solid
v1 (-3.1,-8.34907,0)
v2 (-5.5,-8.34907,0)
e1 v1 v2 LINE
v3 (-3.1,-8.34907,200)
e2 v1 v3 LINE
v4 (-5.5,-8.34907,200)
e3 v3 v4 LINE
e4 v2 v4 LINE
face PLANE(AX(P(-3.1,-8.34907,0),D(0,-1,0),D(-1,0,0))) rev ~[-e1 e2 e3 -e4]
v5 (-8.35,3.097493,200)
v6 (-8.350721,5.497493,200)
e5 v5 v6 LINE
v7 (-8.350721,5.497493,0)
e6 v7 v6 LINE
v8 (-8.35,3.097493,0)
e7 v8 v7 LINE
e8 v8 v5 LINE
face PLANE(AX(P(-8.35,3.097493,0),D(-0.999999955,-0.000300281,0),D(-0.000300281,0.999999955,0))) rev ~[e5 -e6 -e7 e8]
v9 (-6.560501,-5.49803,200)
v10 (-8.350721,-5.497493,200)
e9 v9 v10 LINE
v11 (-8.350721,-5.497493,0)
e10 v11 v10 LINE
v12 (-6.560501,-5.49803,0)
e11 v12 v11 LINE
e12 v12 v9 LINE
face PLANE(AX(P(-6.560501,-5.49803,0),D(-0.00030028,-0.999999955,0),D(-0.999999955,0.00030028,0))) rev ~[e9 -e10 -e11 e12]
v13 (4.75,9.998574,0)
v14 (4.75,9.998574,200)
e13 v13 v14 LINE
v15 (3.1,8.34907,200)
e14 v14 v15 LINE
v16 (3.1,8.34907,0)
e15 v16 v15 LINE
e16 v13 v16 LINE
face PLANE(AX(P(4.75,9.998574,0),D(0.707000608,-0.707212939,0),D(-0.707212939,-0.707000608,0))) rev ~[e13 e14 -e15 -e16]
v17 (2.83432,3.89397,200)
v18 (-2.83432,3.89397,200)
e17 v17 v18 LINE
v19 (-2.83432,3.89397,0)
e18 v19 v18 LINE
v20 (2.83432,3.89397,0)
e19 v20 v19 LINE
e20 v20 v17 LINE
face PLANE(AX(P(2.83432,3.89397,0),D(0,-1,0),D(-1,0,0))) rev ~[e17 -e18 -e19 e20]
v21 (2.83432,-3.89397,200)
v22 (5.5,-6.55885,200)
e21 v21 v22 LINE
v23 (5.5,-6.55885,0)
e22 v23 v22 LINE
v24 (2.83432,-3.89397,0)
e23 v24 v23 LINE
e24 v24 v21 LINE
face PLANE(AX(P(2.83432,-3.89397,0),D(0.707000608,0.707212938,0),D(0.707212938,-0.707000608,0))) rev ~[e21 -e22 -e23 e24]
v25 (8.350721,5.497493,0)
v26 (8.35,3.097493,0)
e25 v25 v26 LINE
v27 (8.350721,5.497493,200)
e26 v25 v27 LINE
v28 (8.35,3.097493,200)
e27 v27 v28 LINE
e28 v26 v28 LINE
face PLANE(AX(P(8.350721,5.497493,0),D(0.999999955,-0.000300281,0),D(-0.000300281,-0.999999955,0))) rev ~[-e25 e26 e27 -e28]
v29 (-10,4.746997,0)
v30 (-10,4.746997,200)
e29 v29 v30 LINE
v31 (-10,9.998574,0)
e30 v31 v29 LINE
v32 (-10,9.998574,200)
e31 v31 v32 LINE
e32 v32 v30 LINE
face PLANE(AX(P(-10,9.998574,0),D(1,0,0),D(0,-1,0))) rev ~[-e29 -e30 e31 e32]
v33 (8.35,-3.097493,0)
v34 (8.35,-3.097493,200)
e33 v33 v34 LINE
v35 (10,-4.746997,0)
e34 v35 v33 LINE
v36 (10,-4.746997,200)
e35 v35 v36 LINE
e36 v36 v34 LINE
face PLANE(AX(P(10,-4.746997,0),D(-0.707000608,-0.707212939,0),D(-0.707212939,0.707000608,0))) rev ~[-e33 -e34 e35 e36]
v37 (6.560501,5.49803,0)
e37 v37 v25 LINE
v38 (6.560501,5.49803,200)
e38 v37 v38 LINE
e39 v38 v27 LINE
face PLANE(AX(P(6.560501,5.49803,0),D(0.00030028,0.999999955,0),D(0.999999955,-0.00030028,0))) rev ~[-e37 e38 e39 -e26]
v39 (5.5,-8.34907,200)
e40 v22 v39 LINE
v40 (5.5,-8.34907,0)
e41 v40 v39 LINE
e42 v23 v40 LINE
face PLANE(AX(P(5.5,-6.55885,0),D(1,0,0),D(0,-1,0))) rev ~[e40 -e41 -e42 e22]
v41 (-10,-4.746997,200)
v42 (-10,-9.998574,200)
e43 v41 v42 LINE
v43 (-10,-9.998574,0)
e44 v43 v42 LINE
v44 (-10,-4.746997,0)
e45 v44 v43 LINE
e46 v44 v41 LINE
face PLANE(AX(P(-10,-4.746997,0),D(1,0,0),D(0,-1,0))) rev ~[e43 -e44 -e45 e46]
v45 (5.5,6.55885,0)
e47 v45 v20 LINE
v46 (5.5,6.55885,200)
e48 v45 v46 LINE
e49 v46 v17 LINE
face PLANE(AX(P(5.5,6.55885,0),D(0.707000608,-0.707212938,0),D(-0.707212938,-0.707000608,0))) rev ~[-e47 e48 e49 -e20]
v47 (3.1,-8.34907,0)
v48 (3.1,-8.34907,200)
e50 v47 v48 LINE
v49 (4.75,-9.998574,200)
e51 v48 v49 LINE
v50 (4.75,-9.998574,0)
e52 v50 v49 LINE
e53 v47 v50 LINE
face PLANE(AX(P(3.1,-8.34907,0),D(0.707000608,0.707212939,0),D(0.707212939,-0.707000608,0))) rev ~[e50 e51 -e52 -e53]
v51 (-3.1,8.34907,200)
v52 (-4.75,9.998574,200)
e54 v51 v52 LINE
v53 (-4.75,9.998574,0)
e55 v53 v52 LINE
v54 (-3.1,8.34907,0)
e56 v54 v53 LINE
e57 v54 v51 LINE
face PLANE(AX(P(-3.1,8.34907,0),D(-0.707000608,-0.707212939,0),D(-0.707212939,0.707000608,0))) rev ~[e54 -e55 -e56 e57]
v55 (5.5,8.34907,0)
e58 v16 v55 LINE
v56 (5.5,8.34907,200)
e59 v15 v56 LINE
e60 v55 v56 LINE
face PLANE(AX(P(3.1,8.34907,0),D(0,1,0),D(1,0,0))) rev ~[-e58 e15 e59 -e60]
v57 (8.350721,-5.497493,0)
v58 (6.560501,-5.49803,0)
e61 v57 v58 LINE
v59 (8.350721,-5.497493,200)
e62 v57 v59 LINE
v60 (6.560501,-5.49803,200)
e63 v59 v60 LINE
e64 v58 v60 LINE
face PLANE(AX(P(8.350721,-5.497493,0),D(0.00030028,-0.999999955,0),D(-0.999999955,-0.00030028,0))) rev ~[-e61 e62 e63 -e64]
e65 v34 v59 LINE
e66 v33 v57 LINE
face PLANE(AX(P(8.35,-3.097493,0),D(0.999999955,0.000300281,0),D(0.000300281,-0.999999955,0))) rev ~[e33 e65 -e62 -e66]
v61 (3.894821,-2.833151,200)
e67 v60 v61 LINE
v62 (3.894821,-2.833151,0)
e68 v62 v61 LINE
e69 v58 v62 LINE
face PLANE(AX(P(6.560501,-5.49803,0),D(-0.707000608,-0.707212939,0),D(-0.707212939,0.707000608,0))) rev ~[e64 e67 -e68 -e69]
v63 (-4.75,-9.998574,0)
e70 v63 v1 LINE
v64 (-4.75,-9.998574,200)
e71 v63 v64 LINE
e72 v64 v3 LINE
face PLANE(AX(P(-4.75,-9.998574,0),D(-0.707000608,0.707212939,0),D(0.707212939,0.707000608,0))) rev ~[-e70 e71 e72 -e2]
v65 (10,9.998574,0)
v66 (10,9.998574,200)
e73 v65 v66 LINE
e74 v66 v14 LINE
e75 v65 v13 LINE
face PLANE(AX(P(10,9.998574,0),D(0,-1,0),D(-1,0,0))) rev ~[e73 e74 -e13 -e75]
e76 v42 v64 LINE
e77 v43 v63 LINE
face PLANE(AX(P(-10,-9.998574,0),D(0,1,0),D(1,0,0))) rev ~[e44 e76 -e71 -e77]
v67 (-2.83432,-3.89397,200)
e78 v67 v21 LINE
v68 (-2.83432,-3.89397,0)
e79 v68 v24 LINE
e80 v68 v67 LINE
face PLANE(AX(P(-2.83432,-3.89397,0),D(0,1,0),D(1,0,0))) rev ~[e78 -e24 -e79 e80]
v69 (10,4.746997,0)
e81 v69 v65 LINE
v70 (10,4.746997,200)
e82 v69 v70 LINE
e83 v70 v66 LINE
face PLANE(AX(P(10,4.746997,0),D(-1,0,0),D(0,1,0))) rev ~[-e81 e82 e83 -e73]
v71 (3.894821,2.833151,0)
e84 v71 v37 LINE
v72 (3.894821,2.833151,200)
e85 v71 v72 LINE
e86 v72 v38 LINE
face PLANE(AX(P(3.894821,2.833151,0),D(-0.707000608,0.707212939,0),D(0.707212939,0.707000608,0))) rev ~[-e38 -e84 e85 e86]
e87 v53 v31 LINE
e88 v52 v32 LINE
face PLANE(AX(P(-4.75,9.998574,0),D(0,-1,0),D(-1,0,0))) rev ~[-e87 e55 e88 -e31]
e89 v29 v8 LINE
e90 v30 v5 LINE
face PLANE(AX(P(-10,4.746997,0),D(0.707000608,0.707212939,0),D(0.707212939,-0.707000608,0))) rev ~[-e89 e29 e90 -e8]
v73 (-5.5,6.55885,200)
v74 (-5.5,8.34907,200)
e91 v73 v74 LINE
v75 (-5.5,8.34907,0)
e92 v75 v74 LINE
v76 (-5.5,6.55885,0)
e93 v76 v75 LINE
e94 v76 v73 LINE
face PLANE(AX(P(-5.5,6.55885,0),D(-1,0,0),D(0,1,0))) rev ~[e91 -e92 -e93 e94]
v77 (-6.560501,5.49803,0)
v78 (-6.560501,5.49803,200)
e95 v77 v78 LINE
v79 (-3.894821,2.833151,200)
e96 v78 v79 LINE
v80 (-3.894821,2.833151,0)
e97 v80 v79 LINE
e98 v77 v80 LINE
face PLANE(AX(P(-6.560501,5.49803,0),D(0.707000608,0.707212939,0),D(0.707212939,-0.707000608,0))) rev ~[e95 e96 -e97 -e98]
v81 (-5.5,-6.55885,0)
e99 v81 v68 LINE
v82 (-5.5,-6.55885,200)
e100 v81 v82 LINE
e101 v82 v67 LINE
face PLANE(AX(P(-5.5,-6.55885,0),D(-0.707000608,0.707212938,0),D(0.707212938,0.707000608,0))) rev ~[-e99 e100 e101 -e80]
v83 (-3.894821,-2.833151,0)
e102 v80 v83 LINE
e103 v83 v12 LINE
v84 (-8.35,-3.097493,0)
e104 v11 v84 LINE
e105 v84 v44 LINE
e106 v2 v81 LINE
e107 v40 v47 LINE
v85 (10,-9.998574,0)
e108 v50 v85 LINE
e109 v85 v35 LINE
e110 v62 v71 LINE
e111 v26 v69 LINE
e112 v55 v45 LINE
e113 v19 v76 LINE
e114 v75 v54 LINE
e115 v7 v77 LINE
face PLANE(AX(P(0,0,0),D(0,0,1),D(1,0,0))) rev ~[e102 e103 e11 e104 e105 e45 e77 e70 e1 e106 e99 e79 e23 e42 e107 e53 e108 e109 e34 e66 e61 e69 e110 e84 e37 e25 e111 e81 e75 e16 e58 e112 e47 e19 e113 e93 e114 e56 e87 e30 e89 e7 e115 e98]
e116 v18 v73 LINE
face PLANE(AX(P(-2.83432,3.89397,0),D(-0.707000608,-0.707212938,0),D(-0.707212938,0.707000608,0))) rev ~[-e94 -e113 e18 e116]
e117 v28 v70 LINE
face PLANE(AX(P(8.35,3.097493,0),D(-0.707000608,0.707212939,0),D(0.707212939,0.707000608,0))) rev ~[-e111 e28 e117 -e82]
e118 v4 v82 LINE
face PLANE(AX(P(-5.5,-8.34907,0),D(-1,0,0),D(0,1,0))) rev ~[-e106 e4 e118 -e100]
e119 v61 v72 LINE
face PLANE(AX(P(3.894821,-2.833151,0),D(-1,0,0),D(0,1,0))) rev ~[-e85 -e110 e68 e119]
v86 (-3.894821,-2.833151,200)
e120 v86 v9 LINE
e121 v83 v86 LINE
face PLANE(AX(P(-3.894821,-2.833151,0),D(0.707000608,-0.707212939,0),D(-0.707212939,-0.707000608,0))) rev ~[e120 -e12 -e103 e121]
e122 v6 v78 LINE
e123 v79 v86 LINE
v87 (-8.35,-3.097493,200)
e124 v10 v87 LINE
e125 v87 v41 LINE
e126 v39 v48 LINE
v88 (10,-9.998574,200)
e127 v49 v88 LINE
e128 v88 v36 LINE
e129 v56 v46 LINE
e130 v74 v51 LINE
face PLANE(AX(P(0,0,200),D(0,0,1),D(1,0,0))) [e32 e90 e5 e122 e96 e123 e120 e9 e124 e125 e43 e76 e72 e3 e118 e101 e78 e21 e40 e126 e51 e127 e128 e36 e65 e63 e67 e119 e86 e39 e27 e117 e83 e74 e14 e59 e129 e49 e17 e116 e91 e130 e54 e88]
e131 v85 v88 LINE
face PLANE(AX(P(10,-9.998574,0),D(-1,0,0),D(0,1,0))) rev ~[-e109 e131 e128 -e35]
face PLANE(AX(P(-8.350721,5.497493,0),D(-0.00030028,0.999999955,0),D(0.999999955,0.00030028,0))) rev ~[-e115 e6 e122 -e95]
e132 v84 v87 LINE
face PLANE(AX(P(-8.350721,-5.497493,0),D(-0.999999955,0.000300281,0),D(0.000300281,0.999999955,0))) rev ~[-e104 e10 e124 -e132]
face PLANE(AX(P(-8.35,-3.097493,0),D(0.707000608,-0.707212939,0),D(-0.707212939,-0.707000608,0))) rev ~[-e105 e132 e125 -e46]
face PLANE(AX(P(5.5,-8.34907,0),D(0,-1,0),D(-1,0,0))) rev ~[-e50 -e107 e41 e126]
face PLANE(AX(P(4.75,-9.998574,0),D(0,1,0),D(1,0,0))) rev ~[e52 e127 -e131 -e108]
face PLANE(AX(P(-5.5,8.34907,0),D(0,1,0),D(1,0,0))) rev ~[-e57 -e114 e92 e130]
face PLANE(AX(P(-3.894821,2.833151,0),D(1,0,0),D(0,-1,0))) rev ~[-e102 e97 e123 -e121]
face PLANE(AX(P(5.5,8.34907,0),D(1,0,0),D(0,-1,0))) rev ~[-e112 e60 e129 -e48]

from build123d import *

# Parameters (mm, degrees)
BOSS_EXTRUDE1_DEPTH = 200


with BuildPart() as part:
    # Sketch1 → Boss-Extrude1 (new body)
    with BuildSketch(Plane.XY):
        Polygon((2.834320347, 3.893970342), (-2.834320347, 3.893970342), (-5.5, 6.558849663), (-5.5, 8.349069506), (-3.1, 8.349069506), (-4.75, 9.998574117), (-10, 9.998574117), (-10, 4.746997406), (-8.35, 3.097492795), (-8.350720674, 5.497492687), (-6.560500912, 5.498030255), (-3.894821259, 2.833150935), (-3.894821259, -2.833150935), (-6.560500912, -5.498030255), (-8.350720674, -5.497492687), (-8.35, -3.097492795), (-10, -4.746997406), (-10, -9.998574117), (-4.75, -9.998574117), (-3.1, -8.349069506), (-5.5, -8.349069506), (-5.5, -6.558849663), (-2.834320347, -3.893970342), (2.834320347, -3.893970342), (5.5, -6.558849663), (5.5, -8.349069506), (3.1, -8.349069506), (4.75, -9.998574117), (10, -9.998574117), (10, -4.746997406), (8.35, -3.097492795), (8.350720674, -5.497492687), (6.560500912, -5.498030255), (3.894821259, -2.833150935), (3.894821259, 2.833150935), (6.560500912, 5.498030255), (8.350720674, 5.497492687), (8.35, 3.097492795), (10, 4.746997406), (10, 9.998574117), (4.75, 9.998574117), (3.1, 8.349069506), (5.5, 8.349069506), (5.5, 6.558849663), align=None)
    extrude(amount=BOSS_EXTRUDE1_DEPTH)


solid = part.part
